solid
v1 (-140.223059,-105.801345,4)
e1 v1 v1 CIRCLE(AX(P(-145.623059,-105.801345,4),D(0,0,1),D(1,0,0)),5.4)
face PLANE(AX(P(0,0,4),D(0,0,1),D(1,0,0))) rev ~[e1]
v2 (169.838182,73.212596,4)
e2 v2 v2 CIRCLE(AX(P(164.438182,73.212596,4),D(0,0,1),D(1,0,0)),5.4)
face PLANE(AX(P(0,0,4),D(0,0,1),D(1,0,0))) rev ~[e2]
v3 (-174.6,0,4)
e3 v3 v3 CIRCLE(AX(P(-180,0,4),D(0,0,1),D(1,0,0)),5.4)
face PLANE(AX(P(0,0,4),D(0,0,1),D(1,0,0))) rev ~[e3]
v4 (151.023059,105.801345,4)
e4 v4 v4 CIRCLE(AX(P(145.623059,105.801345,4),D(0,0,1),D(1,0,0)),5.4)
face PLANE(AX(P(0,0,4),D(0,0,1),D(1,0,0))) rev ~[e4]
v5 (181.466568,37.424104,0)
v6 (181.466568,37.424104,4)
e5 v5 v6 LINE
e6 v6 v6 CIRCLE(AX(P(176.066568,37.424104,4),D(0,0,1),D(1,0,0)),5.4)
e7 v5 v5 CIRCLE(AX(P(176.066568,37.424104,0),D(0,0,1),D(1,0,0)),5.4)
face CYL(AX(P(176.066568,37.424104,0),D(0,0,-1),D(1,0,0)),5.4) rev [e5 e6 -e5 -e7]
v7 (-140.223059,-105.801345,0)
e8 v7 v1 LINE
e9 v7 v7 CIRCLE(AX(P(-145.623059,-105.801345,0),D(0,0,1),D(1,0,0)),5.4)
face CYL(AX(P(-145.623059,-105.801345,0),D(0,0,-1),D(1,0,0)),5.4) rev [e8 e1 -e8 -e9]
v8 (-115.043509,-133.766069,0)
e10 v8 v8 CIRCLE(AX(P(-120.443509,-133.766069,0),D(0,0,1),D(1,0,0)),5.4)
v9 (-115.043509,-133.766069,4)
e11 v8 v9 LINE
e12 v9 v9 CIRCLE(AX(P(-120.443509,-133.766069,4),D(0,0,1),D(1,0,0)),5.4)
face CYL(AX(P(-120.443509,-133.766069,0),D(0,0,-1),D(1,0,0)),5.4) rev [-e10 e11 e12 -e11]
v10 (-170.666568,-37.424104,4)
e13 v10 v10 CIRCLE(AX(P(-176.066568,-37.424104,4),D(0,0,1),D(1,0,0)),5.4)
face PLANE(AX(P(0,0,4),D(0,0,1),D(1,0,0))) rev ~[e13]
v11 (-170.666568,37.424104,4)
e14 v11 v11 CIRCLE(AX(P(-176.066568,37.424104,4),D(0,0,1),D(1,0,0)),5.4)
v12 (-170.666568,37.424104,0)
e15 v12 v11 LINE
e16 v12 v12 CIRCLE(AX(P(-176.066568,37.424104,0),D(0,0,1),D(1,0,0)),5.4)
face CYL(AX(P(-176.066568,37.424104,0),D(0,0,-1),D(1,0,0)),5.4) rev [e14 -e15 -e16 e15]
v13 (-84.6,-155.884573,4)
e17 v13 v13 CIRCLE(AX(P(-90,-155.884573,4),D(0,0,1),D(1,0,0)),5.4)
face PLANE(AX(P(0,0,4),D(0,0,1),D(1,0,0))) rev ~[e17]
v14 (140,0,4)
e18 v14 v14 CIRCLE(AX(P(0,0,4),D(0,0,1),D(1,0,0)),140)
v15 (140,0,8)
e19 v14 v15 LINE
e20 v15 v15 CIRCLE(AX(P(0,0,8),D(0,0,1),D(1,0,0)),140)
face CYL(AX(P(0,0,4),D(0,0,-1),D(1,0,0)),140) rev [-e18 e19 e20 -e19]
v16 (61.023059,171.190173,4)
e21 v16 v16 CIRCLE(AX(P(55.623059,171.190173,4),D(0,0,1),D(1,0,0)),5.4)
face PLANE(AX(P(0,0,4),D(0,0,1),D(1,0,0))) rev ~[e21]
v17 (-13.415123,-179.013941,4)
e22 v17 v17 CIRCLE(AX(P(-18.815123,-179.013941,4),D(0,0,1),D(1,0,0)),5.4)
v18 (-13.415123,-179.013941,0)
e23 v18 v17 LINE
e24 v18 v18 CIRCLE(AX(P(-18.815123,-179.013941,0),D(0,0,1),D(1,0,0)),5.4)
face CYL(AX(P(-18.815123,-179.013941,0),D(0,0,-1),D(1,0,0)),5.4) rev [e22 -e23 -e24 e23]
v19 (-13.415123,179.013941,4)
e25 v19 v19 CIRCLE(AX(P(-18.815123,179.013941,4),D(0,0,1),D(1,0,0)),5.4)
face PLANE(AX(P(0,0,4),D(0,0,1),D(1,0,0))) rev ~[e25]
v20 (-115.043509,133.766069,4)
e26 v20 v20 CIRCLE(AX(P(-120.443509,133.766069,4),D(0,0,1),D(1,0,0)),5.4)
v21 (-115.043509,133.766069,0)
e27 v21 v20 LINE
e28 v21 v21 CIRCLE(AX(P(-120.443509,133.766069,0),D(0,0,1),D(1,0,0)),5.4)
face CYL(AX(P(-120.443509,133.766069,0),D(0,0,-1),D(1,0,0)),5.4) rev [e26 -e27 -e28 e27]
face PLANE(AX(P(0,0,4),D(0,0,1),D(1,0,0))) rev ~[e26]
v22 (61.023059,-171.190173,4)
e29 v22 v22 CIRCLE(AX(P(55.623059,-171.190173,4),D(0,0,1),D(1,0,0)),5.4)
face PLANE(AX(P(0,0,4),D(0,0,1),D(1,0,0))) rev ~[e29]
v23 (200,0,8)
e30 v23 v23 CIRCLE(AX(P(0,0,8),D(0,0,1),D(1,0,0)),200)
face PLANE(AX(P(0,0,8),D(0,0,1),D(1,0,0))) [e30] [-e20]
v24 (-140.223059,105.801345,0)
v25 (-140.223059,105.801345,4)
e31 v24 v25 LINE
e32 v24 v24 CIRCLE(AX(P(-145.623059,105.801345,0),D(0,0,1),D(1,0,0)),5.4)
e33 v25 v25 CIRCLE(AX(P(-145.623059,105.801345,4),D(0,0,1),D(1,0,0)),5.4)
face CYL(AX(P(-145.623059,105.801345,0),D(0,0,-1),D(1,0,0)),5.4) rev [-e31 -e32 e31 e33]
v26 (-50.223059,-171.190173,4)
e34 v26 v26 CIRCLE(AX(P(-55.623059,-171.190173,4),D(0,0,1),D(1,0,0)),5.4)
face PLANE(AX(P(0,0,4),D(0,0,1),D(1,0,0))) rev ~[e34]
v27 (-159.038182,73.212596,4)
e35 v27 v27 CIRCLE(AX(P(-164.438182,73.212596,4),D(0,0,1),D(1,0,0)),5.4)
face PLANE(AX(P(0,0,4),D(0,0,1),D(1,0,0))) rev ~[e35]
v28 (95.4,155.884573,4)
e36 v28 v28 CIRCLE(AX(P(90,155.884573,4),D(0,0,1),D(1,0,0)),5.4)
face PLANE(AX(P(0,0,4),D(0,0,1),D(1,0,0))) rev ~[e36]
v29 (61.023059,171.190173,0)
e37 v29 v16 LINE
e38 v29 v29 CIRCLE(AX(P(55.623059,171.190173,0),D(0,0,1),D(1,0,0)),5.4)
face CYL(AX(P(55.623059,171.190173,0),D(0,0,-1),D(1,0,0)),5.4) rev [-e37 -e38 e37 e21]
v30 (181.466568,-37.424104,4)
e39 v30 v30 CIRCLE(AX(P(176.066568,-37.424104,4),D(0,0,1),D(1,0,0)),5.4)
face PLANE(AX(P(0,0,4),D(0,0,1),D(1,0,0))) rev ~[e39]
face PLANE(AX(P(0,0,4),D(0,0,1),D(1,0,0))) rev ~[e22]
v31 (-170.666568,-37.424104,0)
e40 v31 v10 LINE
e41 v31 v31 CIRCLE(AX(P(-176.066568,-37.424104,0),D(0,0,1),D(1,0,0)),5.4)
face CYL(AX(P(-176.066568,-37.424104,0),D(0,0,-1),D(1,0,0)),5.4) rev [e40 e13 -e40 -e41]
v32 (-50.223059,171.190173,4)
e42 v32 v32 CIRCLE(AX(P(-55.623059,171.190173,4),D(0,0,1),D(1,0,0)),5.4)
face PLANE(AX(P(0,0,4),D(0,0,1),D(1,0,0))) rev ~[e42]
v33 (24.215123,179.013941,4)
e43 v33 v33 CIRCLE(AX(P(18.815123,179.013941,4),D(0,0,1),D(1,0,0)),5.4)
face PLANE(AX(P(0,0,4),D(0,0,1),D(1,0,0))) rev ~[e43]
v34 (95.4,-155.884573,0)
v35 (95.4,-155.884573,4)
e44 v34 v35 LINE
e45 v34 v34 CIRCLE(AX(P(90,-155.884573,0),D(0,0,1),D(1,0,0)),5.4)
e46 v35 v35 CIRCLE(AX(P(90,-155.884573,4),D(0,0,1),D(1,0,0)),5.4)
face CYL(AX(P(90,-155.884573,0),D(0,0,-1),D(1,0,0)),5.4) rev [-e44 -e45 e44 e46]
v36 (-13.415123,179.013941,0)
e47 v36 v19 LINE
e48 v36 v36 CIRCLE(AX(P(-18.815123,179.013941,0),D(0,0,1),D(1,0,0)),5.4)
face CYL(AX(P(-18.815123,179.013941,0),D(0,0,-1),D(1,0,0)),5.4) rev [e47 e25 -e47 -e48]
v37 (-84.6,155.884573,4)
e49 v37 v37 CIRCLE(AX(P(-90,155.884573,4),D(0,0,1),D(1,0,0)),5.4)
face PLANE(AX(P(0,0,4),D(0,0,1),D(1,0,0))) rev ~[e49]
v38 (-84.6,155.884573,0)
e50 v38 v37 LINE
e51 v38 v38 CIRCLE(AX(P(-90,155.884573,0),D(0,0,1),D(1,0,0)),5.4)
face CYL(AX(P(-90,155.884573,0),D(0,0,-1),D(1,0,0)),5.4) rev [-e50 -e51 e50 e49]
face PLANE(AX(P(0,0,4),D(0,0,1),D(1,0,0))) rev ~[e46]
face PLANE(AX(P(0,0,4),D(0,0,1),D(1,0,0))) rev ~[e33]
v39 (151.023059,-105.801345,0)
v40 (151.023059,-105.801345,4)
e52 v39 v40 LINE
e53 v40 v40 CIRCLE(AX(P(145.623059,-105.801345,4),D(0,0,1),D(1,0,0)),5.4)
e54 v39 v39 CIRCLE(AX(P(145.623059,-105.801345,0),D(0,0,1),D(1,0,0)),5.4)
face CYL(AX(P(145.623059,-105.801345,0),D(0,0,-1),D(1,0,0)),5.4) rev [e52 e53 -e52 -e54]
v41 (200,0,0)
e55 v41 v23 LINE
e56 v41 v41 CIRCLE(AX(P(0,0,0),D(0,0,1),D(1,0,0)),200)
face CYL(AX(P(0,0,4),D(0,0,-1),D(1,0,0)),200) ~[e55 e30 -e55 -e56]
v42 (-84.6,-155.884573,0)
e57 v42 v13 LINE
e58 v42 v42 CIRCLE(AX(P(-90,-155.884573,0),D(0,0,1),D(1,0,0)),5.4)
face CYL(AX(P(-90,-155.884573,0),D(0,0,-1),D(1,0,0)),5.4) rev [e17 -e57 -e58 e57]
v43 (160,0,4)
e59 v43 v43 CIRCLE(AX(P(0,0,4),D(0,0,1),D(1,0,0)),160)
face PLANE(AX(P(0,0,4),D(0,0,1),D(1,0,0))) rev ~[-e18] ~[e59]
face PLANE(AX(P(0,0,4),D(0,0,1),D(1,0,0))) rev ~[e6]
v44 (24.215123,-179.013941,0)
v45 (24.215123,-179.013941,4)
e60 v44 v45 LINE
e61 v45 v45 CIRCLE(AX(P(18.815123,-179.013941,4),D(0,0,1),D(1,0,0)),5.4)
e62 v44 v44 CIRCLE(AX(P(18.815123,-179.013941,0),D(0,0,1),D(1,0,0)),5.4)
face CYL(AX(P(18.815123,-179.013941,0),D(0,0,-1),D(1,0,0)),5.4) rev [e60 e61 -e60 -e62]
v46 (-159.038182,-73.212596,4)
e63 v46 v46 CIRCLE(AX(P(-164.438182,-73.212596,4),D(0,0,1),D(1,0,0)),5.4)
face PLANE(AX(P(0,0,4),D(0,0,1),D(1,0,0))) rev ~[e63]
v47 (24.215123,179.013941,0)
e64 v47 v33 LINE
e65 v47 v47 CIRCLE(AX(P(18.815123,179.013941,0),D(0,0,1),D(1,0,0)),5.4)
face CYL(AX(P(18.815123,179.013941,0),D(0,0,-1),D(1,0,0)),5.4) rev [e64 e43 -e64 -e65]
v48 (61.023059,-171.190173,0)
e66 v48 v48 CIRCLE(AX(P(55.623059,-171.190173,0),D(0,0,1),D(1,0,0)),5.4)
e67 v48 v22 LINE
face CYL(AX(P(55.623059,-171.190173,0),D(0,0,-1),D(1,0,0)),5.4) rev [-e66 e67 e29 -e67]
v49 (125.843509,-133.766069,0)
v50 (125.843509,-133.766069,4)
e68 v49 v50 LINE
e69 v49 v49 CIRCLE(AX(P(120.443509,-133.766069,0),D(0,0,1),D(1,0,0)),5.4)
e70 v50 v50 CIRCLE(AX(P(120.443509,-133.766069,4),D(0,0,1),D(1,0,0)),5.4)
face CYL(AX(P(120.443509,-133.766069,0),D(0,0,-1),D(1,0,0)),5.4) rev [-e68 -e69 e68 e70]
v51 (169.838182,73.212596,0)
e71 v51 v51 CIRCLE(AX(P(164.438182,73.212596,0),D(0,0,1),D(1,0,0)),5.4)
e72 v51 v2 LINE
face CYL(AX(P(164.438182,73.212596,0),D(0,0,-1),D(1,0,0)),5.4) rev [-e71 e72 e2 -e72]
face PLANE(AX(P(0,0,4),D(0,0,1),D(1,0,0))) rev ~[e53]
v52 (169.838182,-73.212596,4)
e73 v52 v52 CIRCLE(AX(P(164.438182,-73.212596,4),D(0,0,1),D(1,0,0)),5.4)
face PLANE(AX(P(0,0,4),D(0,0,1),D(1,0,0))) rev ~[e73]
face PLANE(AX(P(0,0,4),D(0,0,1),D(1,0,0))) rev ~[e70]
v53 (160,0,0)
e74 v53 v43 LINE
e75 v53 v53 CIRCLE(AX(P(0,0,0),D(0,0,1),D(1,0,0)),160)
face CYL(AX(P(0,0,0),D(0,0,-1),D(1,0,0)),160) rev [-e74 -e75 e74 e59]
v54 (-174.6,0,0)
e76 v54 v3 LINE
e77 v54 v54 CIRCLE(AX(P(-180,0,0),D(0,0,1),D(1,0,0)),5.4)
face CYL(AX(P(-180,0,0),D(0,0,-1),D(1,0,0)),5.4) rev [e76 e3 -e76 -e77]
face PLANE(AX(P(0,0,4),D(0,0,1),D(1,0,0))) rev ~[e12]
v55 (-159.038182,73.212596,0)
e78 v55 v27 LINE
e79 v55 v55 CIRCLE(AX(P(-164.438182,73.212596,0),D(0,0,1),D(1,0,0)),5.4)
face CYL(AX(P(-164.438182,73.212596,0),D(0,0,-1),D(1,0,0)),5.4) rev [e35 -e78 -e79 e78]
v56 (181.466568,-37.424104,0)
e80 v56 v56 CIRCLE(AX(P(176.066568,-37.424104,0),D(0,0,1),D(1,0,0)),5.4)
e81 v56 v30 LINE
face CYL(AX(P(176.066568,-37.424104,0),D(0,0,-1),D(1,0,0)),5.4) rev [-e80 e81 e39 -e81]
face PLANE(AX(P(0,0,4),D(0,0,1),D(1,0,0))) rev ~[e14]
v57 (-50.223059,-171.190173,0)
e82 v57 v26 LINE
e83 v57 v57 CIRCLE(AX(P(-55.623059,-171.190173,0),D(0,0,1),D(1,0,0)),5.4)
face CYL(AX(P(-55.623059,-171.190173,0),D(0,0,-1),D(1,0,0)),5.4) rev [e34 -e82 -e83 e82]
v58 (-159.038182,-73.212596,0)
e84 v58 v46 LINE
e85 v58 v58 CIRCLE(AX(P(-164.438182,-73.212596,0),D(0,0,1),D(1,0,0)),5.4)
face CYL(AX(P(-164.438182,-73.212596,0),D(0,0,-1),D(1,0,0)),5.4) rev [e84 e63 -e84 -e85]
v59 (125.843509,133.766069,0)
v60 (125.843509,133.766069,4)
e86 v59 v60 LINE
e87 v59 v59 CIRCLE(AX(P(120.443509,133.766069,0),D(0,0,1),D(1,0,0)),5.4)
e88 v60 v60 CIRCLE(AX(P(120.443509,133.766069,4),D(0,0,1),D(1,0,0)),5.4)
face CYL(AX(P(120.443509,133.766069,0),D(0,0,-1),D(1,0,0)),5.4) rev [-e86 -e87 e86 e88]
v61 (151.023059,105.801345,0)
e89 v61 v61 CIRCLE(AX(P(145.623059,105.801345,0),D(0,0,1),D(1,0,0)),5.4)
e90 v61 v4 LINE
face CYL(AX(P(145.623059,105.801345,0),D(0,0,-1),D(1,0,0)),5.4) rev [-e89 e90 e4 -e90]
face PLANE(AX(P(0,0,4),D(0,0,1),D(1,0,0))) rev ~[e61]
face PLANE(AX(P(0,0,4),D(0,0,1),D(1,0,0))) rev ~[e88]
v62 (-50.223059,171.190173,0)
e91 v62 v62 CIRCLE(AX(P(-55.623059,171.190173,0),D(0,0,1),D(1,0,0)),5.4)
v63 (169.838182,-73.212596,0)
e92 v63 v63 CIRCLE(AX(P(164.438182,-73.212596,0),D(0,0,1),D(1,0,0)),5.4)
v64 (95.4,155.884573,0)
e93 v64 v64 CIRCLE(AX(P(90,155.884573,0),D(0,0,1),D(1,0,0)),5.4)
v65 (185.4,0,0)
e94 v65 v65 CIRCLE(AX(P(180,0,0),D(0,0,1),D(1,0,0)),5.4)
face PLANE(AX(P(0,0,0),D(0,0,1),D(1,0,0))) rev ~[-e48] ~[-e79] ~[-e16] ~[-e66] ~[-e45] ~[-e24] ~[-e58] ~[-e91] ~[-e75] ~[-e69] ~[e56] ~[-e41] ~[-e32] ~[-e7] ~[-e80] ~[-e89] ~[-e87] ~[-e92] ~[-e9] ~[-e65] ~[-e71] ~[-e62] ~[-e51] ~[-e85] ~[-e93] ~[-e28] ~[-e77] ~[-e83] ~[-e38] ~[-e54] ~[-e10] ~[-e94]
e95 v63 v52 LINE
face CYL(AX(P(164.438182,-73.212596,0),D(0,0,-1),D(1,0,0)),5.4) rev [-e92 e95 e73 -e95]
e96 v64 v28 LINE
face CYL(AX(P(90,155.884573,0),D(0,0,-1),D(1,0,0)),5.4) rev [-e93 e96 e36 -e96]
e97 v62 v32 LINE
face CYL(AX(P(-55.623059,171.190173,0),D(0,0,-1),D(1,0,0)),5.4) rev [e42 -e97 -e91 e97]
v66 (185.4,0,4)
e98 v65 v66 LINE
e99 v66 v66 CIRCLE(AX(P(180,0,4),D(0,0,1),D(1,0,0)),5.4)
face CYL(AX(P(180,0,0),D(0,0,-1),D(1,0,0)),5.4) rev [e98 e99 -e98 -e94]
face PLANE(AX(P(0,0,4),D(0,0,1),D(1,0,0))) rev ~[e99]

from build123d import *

# Parameters (mm, degrees)
CROQUIS1_R              = 200
CROQUIS1_R_2            = 160
CROQUIS1_R_3            = 5.4
SALIENTE_EXTRUIR1_DEPTH = 4
CROQUIS2_R              = 200
CROQUIS2_R_2            = 140
SALIENTE_EXTRUIR2_DEPTH = 4


with BuildPart() as part:
    # Croquis1 → Saliente-Extruir1 (new body)
    with BuildSketch(Plane.XY):
        Circle(CROQUIS1_R)
        Circle(CROQUIS1_R_2, mode=Mode.SUBTRACT)
        with Locations((145.623058987, 105.801345413)):
            Circle(CROQUIS1_R_3, mode=Mode.SUBTRACT)
        with Locations((164.438182376, 73.212595754)):
            Circle(CROQUIS1_R_3, mode=Mode.SUBTRACT)
        with Locations((176.066568132, 37.424104347)):
            Circle(CROQUIS1_R_3, mode=Mode.SUBTRACT)
        with Locations((180, 0)):
            Circle(CROQUIS1_R_3, mode=Mode.SUBTRACT)
        with Locations((176.066568132, -37.424104347)):
            Circle(CROQUIS1_R_3, mode=Mode.SUBTRACT)
        with Locations((164.438182376, -73.212595754)):
            Circle(CROQUIS1_R_3, mode=Mode.SUBTRACT)
        with Locations((145.623058987, -105.801345413)):
            Circle(CROQUIS1_R_3, mode=Mode.SUBTRACT)
        with Locations((120.443509145, -133.766068586)):
            Circle(CROQUIS1_R_3, mode=Mode.SUBTRACT)
        with Locations((90, -155.884572681)):
            Circle(CROQUIS1_R_3, mode=Mode.SUBTRACT)
        with Locations((55.623058987, -171.190172933)):
            Circle(CROQUIS1_R_3, mode=Mode.SUBTRACT)
        with Locations((18.815123388, -179.013941166)):
            Circle(CROQUIS1_R_3, mode=Mode.SUBTRACT)
        with Locations((-18.815123388, -179.013941166)):
            Circle(CROQUIS1_R_3, mode=Mode.SUBTRACT)
        with Locations((-55.623058987, -171.190172933)):
            Circle(CROQUIS1_R_3, mode=Mode.SUBTRACT)
        with Locations((-90, -155.884572681)):
            Circle(CROQUIS1_R_3, mode=Mode.SUBTRACT)
        with Locations((-120.443509145, -133.766068586)):
            Circle(CROQUIS1_R_3, mode=Mode.SUBTRACT)
        with Locations((-145.623058987, -105.801345413)):
            Circle(CROQUIS1_R_3, mode=Mode.SUBTRACT)
        with Locations((-164.438182376, -73.212595754)):
            Circle(CROQUIS1_R_3, mode=Mode.SUBTRACT)
        with Locations((-176.066568132, -37.424104347)):
            Circle(CROQUIS1_R_3, mode=Mode.SUBTRACT)
        with Locations((-180, 0)):
            Circle(CROQUIS1_R_3, mode=Mode.SUBTRACT)
        with Locations((-176.066568132, 37.424104347)):
            Circle(CROQUIS1_R_3, mode=Mode.SUBTRACT)
        with Locations((-164.438182376, 73.212595754)):
            Circle(CROQUIS1_R_3, mode=Mode.SUBTRACT)
        with Locations((-145.623058987, 105.801345413)):
            Circle(CROQUIS1_R_3, mode=Mode.SUBTRACT)
        with Locations((-120.443509145, 133.766068586)):
            Circle(CROQUIS1_R_3, mode=Mode.SUBTRACT)
        with Locations((-90, 155.884572681)):
            Circle(CROQUIS1_R_3, mode=Mode.SUBTRACT)
        with Locations((-55.623058987, 171.190172933)):
            Circle(CROQUIS1_R_3, mode=Mode.SUBTRACT)
        with Locations((-18.815123388, 179.013941166)):
            Circle(CROQUIS1_R_3, mode=Mode.SUBTRACT)
        with Locations((18.815123388, 179.013941166)):
            Circle(CROQUIS1_R_3, mode=Mode.SUBTRACT)
        with Locations((55.623058987, 171.190172933)):
            Circle(CROQUIS1_R_3, mode=Mode.SUBTRACT)
        with Locations((90, 155.884572681)):
            Circle(CROQUIS1_R_3, mode=Mode.SUBTRACT)
        with Locations((120.443509145, 133.766068586)):
            Circle(CROQUIS1_R_3, mode=Mode.SUBTRACT)
    extrude(amount=SALIENTE_EXTRUIR1_DEPTH)

    # Croquis2 → Saliente-Extruir2 (add)
    with BuildSketch(Plane.XY.offset(4)):
        Circle(CROQUIS2_R)
        Circle(CROQUIS2_R_2, mode=Mode.SUBTRACT)
    extrude(amount=SALIENTE_EXTRUIR2_DEPTH)


solid = part.part
